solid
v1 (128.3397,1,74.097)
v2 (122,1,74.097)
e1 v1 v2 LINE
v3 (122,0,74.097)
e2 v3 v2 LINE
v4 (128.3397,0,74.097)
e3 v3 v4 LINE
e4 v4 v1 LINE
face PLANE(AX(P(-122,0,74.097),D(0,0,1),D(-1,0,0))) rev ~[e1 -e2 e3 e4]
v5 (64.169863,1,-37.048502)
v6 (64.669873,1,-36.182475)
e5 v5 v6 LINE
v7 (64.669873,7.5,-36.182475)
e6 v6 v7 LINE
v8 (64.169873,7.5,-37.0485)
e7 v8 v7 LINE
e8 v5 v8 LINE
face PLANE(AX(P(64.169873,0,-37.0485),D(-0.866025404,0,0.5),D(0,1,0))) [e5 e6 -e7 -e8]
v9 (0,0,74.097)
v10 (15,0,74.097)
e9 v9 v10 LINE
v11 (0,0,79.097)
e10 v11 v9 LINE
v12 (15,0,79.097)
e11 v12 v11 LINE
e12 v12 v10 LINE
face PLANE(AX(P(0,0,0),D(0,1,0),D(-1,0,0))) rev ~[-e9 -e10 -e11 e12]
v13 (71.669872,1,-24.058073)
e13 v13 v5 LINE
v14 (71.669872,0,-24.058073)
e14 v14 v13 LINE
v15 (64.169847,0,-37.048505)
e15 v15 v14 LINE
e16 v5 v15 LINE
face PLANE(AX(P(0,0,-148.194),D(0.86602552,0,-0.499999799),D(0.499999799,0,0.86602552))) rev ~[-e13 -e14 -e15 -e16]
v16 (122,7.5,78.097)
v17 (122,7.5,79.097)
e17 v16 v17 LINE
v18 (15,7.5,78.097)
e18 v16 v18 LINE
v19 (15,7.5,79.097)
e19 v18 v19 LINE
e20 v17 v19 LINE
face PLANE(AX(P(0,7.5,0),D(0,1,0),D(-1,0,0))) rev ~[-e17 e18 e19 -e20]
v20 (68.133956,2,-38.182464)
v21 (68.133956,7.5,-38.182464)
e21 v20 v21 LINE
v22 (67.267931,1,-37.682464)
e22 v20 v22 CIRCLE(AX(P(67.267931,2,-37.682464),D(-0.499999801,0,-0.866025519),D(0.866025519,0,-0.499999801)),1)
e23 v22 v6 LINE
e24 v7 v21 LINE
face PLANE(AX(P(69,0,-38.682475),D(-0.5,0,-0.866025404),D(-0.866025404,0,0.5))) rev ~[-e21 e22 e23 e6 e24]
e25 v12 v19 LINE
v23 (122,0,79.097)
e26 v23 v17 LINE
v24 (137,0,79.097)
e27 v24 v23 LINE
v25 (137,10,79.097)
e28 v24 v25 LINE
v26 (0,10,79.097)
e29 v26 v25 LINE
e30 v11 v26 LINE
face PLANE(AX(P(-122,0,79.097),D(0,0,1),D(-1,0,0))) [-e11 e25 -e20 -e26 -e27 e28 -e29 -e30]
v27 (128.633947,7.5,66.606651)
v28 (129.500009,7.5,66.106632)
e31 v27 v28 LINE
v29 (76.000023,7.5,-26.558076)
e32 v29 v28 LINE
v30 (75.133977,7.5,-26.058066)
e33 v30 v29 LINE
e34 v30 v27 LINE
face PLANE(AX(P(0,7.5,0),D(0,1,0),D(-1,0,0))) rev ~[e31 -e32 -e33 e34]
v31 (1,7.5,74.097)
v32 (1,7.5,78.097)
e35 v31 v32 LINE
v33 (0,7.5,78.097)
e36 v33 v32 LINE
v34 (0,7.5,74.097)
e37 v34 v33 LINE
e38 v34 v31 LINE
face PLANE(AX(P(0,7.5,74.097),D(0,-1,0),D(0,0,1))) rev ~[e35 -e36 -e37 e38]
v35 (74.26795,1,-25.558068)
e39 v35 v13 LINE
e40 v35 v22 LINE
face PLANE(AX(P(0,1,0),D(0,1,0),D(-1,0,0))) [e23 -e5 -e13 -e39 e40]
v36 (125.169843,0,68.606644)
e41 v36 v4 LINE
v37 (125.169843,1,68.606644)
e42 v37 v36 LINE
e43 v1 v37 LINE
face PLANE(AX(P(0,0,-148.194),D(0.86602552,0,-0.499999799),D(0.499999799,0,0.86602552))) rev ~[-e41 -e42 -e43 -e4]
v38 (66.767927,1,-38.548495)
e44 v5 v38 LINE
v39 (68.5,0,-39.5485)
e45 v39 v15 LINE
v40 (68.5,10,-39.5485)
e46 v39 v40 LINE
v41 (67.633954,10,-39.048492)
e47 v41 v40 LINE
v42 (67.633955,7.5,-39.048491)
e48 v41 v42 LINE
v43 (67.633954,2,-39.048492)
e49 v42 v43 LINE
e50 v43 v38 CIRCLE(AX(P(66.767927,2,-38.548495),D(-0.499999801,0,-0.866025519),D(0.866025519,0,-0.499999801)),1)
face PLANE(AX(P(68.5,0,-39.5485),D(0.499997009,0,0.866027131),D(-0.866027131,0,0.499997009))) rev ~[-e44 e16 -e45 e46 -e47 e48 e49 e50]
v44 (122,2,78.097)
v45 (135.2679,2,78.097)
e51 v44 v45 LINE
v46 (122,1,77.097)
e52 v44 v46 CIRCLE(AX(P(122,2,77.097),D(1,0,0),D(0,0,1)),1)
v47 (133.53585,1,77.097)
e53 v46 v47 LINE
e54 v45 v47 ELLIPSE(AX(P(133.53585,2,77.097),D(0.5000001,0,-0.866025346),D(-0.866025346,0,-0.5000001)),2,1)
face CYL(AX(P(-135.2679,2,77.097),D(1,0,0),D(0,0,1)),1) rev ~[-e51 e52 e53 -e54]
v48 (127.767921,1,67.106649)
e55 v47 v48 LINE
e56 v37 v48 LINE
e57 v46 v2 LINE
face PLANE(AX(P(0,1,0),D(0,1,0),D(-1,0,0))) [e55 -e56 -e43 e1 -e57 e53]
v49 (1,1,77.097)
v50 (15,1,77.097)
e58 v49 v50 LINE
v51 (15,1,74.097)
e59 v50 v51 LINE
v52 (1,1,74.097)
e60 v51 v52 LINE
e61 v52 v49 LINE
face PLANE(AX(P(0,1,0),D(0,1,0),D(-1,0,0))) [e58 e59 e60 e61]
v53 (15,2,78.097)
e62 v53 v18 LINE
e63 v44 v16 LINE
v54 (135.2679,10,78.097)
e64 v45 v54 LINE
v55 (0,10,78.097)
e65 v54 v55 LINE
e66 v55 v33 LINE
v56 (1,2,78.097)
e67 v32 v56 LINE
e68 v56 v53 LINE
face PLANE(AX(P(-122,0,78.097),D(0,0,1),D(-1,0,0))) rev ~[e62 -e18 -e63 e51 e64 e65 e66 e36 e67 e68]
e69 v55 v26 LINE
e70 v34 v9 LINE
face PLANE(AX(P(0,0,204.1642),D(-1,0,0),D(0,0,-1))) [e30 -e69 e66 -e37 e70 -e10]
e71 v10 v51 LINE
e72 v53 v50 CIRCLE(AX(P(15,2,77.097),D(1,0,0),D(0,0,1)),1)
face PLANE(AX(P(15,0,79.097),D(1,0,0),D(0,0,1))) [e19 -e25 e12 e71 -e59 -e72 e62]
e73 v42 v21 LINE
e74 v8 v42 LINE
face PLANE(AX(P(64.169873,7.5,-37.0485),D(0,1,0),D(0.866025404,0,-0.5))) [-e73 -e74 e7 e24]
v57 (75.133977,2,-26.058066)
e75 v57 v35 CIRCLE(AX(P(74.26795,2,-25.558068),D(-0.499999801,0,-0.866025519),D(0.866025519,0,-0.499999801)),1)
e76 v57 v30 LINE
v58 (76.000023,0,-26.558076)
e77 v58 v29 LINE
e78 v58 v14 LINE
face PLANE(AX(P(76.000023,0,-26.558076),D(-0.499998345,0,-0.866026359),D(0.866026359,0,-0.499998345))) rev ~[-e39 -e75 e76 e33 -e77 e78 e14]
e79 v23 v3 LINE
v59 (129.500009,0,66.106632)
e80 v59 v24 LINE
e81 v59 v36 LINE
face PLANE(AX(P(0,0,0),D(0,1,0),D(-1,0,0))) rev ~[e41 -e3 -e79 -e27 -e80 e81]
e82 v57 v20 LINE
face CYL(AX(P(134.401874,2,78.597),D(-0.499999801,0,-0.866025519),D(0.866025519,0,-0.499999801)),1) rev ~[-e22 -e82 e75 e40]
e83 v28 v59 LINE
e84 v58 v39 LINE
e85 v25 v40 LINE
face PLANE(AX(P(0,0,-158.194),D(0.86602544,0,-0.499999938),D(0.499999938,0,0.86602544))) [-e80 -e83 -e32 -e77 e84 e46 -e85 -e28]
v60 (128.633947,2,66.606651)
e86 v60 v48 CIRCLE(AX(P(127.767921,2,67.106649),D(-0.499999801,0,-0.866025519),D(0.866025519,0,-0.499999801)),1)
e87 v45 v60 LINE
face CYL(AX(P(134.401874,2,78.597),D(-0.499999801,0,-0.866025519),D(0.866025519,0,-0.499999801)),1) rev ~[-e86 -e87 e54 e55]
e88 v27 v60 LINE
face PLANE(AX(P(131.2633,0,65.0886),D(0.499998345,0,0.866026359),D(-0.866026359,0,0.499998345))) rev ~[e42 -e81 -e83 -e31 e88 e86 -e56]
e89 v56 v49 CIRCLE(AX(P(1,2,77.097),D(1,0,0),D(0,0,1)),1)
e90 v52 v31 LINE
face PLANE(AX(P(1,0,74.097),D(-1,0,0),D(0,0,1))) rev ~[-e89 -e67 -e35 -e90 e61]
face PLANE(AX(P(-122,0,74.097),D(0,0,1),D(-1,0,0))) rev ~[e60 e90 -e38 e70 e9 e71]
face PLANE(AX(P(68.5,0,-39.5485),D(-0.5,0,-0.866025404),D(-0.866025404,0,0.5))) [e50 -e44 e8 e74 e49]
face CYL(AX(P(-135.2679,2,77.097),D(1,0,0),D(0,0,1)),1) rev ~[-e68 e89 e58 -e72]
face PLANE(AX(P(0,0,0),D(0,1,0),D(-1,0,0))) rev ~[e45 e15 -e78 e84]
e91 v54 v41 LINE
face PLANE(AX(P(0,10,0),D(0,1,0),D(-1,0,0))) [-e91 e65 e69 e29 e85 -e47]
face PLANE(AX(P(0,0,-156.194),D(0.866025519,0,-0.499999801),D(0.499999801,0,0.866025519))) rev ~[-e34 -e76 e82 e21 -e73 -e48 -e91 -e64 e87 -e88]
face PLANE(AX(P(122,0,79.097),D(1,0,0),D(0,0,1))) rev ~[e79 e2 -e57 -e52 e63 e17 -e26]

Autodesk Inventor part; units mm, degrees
ref_plane "YZ Plane" through (0, 0, 0) normal (1, 0, 0) x (0, 1, 0)
ref_plane "XZ Plane" through (0, 0, 0) normal (0, 1, 0) x (-1, 0, 0)
ref_plane "XY Plane" through (0, 0, 0) normal (0, 0, 1) x (1, 0, 0)
sketch "Sketch2" plane through (0, 0, 0) normal (0, 1, 0) x (-1, 0, 0)
  line L0 (0, -158.194) -> (-137, 79.097)
  line L1 (-137, 79.097) -> (137, 79.097)
  line L2 (137, 79.097) -> (0, -158.194)
  line L3 (0, -156.194) -> (-135.2679, 78.097)
  line L4 (-135.2679, 78.097) -> (135.2679, 78.097)
  line L5 (135.2679, 78.097) -> (0, -156.194)
  line L6 (0, -148.194) -> (-128.3397, 74.097)
  line L7 (-128.3397, 74.097) -> (128.3397, 74.097)
  line L8 (128.3397, 74.097) -> (0, -148.194)
  line L9 (0, 0) -> (0, -202.1847)
  line L10 (122, 72.7976) -> (-122, 72.7976)
  line L11 (-122, 72.7976) -> (-122, 81.133)
  line L12 (-122, 81.133) -> (122, 81.133)
  line L13 (122, 81.133) -> (122, 72.7976)
  line L14 (0, 72.7976) -> (0, 81.133)
  line L15 (-15, 72.7976) -> (-15, 81.133)
  line L16 (15, 72.7976) -> (15, 81.133)
  line L17 (-124.0446, 69.2563) -> (-2.0446, -142.0539)
  line L18 (-2.0446, -142.0539) -> (-9.2633, -146.2216)
  line L19 (-9.2633, -146.2216) -> (-131.2633, 65.0886)
  line L20 (-131.2633, 65.0886) -> (-124.0446, 69.2563)
  line L21 (-63.0446, -36.3988) -> (-70.2633, -40.5665)
  line L22 (-55.5446, -49.3892) -> (-62.7633, -53.5569)
  line L23 (-70.5446, -23.4084) -> (-77.7633, -27.5761)
  line L24 (2.0446, -142.0539) -> (124.0446, 69.2563)
  line L25 (124.0446, 69.2563) -> (131.2633, 65.0886)
  line L26 (131.2633, 65.0886) -> (9.2633, -146.2216)
  line L27 (9.2633, -146.2216) -> (2.0446, -142.0539)
  line L28 (63.0446, -36.3988) -> (70.2633, -40.5665)
  line L29 (70.5446, -23.4084) -> (77.7633, -27.5761)
  line L30 (55.5446, -49.3892) -> (62.7633, -53.5569)
  dimension "d34" = 1
  dimension "d35" = 5
  dimension "d36" = 274
  dimension "d37" = 0
  dimension "d51" = 15
  dimension "d52" = 15
  dimension "d53" = 15
  dimension "d54" = 30
  dimension "d57" = 360
extrude "Extrusion7" add sketch "Sketch2" along normal blind 10 contours L9 L5 L27 L2 | L0 L18 L3 L9 | L0 L22 L3 L18 | L27 L5 L30 L2 | L0 L21 L3 L22 | L30 L5 L28 L2 | L0 L23 L3 L21 | L28 L5 L29 L2 | L0 L20 L3 L23 | L29 L5 L25 L2 | L0 L1 L11 L4 L3 L20 | L25 L5 L4 L13 L1 L2 | L1 L15 L4 L11 | L13 L4 L16 L1 | L1 L14 L4 L15 | L16 L4 L14 L1
extrude "Extrusion8" add sketch "Sketch2" along normal blind 1 contours L9 L8 L27 L5 | L3 L18 L6 L9 | L3 L22 L6 L18 | L27 L8 L30 L5 | L3 L21 L6 L22 | L30 L8 L28 L5 | L3 L23 L6 L21 | L28 L8 L29 L5 | L3 L20 L6 L23 | L29 L8 L25 L5 | L3 L4 L11 L7 L6 L20 | L25 L8 L7 L13 L4 L5 | L4 L15 L7 L11 | L13 L7 L16 L4 | L4 L14 L7 L15 | L16 L7 L14 L4
fillet "Fillet3" radius 1 3 edges at (-67.634, 1, -39.0485) (67.634, 1, -39.0485) (0, 1, 78.097)
extrude "Extrusion10" cut sketch "Sketch2" along normal blind 7.5 contours L18 L19 L22 L0 | L0 L22 L3 L18 | L27 L5 L30 L2 | L2 L30 L26 L27 | L3 L22 L6 L18 | L27 L8 L30 L5 | L6 L22 L17 L18 | L27 L24 L30 L8 | L23 L19 L20 L0 | L0 L20 L3 L23 | L29 L5 L25 L2 | L2 L25 L26 L29 | L3 L20 L6 L23 | L29 L8 L25 L5 | L6 L20 L17 L23 | L29 L24 L25 L8 | L11 L12 L15 L1 | L1 L15 L4 L11 | L13 L4 L16 L1 | L1 L16 L12 L13 | L4 L15 L7 L11 | L13 L7 L16 L4 | L7 L15 L10 L11 | L13 L10 L16 L7
sketch "Sketch3" plane through (0, 0, 0) normal (0, -1, 0) x (1, 0, 0)
  line L0 (177.2057, 67.9092) -> (177.2057, 204.1642)
  line L1 (177.2057, 204.1642) -> (0, 204.1642)
  line L2 (0, 204.1642) -> (0, 67.9092)
  line L3 (61, -52.5389) -> (76, -26.5581) projected
  line L4 (68.5, -39.5485) -> (60.9094, -35.1661)
  line L5 (60.9094, -35.1661) -> (0, 67.9092)
  line L6 (68.5, -39.5485) -> (177.2057, 67.9092)
  point P0 (0, 0)
extrude "Extrusion11" cut sketch "Sketch3" against normal blind 1000 keep common part
sketch "Sketch4" plane through (0, 0, 74.097) normal (-1, 0, 0) x (0, 0, 1)
  line L0 (5, 0) -> (0, 0)
  line L1 (0, 0) -> (0, 7.5)
  line L2 (0, 7.5) -> (5, 7.5)
  line L3 (5, 7.5) -> (5, 0)
  point P0 (-74.097, 0)
extrude "Extrusion12" add sketch "Sketch4" against normal blind 1
sketch "Sketch5" plane through (68.5, 0, -39.5485) normal (-0.5, 0, -0.866) x (-0.866, 0, 0.5)
  line L0 (0, 0) -> (5, 0)
  line L1 (5, 0) -> (5, 7.5)
  line L2 (5, 7.5) -> (0, 7.5)
  line L3 (0, 7.5) -> (0, 0)
  point P0 (79.097, 0)
extrude "Extrusion13" add sketch "Sketch5" against normal blind 1
properties part number "Triangle"
